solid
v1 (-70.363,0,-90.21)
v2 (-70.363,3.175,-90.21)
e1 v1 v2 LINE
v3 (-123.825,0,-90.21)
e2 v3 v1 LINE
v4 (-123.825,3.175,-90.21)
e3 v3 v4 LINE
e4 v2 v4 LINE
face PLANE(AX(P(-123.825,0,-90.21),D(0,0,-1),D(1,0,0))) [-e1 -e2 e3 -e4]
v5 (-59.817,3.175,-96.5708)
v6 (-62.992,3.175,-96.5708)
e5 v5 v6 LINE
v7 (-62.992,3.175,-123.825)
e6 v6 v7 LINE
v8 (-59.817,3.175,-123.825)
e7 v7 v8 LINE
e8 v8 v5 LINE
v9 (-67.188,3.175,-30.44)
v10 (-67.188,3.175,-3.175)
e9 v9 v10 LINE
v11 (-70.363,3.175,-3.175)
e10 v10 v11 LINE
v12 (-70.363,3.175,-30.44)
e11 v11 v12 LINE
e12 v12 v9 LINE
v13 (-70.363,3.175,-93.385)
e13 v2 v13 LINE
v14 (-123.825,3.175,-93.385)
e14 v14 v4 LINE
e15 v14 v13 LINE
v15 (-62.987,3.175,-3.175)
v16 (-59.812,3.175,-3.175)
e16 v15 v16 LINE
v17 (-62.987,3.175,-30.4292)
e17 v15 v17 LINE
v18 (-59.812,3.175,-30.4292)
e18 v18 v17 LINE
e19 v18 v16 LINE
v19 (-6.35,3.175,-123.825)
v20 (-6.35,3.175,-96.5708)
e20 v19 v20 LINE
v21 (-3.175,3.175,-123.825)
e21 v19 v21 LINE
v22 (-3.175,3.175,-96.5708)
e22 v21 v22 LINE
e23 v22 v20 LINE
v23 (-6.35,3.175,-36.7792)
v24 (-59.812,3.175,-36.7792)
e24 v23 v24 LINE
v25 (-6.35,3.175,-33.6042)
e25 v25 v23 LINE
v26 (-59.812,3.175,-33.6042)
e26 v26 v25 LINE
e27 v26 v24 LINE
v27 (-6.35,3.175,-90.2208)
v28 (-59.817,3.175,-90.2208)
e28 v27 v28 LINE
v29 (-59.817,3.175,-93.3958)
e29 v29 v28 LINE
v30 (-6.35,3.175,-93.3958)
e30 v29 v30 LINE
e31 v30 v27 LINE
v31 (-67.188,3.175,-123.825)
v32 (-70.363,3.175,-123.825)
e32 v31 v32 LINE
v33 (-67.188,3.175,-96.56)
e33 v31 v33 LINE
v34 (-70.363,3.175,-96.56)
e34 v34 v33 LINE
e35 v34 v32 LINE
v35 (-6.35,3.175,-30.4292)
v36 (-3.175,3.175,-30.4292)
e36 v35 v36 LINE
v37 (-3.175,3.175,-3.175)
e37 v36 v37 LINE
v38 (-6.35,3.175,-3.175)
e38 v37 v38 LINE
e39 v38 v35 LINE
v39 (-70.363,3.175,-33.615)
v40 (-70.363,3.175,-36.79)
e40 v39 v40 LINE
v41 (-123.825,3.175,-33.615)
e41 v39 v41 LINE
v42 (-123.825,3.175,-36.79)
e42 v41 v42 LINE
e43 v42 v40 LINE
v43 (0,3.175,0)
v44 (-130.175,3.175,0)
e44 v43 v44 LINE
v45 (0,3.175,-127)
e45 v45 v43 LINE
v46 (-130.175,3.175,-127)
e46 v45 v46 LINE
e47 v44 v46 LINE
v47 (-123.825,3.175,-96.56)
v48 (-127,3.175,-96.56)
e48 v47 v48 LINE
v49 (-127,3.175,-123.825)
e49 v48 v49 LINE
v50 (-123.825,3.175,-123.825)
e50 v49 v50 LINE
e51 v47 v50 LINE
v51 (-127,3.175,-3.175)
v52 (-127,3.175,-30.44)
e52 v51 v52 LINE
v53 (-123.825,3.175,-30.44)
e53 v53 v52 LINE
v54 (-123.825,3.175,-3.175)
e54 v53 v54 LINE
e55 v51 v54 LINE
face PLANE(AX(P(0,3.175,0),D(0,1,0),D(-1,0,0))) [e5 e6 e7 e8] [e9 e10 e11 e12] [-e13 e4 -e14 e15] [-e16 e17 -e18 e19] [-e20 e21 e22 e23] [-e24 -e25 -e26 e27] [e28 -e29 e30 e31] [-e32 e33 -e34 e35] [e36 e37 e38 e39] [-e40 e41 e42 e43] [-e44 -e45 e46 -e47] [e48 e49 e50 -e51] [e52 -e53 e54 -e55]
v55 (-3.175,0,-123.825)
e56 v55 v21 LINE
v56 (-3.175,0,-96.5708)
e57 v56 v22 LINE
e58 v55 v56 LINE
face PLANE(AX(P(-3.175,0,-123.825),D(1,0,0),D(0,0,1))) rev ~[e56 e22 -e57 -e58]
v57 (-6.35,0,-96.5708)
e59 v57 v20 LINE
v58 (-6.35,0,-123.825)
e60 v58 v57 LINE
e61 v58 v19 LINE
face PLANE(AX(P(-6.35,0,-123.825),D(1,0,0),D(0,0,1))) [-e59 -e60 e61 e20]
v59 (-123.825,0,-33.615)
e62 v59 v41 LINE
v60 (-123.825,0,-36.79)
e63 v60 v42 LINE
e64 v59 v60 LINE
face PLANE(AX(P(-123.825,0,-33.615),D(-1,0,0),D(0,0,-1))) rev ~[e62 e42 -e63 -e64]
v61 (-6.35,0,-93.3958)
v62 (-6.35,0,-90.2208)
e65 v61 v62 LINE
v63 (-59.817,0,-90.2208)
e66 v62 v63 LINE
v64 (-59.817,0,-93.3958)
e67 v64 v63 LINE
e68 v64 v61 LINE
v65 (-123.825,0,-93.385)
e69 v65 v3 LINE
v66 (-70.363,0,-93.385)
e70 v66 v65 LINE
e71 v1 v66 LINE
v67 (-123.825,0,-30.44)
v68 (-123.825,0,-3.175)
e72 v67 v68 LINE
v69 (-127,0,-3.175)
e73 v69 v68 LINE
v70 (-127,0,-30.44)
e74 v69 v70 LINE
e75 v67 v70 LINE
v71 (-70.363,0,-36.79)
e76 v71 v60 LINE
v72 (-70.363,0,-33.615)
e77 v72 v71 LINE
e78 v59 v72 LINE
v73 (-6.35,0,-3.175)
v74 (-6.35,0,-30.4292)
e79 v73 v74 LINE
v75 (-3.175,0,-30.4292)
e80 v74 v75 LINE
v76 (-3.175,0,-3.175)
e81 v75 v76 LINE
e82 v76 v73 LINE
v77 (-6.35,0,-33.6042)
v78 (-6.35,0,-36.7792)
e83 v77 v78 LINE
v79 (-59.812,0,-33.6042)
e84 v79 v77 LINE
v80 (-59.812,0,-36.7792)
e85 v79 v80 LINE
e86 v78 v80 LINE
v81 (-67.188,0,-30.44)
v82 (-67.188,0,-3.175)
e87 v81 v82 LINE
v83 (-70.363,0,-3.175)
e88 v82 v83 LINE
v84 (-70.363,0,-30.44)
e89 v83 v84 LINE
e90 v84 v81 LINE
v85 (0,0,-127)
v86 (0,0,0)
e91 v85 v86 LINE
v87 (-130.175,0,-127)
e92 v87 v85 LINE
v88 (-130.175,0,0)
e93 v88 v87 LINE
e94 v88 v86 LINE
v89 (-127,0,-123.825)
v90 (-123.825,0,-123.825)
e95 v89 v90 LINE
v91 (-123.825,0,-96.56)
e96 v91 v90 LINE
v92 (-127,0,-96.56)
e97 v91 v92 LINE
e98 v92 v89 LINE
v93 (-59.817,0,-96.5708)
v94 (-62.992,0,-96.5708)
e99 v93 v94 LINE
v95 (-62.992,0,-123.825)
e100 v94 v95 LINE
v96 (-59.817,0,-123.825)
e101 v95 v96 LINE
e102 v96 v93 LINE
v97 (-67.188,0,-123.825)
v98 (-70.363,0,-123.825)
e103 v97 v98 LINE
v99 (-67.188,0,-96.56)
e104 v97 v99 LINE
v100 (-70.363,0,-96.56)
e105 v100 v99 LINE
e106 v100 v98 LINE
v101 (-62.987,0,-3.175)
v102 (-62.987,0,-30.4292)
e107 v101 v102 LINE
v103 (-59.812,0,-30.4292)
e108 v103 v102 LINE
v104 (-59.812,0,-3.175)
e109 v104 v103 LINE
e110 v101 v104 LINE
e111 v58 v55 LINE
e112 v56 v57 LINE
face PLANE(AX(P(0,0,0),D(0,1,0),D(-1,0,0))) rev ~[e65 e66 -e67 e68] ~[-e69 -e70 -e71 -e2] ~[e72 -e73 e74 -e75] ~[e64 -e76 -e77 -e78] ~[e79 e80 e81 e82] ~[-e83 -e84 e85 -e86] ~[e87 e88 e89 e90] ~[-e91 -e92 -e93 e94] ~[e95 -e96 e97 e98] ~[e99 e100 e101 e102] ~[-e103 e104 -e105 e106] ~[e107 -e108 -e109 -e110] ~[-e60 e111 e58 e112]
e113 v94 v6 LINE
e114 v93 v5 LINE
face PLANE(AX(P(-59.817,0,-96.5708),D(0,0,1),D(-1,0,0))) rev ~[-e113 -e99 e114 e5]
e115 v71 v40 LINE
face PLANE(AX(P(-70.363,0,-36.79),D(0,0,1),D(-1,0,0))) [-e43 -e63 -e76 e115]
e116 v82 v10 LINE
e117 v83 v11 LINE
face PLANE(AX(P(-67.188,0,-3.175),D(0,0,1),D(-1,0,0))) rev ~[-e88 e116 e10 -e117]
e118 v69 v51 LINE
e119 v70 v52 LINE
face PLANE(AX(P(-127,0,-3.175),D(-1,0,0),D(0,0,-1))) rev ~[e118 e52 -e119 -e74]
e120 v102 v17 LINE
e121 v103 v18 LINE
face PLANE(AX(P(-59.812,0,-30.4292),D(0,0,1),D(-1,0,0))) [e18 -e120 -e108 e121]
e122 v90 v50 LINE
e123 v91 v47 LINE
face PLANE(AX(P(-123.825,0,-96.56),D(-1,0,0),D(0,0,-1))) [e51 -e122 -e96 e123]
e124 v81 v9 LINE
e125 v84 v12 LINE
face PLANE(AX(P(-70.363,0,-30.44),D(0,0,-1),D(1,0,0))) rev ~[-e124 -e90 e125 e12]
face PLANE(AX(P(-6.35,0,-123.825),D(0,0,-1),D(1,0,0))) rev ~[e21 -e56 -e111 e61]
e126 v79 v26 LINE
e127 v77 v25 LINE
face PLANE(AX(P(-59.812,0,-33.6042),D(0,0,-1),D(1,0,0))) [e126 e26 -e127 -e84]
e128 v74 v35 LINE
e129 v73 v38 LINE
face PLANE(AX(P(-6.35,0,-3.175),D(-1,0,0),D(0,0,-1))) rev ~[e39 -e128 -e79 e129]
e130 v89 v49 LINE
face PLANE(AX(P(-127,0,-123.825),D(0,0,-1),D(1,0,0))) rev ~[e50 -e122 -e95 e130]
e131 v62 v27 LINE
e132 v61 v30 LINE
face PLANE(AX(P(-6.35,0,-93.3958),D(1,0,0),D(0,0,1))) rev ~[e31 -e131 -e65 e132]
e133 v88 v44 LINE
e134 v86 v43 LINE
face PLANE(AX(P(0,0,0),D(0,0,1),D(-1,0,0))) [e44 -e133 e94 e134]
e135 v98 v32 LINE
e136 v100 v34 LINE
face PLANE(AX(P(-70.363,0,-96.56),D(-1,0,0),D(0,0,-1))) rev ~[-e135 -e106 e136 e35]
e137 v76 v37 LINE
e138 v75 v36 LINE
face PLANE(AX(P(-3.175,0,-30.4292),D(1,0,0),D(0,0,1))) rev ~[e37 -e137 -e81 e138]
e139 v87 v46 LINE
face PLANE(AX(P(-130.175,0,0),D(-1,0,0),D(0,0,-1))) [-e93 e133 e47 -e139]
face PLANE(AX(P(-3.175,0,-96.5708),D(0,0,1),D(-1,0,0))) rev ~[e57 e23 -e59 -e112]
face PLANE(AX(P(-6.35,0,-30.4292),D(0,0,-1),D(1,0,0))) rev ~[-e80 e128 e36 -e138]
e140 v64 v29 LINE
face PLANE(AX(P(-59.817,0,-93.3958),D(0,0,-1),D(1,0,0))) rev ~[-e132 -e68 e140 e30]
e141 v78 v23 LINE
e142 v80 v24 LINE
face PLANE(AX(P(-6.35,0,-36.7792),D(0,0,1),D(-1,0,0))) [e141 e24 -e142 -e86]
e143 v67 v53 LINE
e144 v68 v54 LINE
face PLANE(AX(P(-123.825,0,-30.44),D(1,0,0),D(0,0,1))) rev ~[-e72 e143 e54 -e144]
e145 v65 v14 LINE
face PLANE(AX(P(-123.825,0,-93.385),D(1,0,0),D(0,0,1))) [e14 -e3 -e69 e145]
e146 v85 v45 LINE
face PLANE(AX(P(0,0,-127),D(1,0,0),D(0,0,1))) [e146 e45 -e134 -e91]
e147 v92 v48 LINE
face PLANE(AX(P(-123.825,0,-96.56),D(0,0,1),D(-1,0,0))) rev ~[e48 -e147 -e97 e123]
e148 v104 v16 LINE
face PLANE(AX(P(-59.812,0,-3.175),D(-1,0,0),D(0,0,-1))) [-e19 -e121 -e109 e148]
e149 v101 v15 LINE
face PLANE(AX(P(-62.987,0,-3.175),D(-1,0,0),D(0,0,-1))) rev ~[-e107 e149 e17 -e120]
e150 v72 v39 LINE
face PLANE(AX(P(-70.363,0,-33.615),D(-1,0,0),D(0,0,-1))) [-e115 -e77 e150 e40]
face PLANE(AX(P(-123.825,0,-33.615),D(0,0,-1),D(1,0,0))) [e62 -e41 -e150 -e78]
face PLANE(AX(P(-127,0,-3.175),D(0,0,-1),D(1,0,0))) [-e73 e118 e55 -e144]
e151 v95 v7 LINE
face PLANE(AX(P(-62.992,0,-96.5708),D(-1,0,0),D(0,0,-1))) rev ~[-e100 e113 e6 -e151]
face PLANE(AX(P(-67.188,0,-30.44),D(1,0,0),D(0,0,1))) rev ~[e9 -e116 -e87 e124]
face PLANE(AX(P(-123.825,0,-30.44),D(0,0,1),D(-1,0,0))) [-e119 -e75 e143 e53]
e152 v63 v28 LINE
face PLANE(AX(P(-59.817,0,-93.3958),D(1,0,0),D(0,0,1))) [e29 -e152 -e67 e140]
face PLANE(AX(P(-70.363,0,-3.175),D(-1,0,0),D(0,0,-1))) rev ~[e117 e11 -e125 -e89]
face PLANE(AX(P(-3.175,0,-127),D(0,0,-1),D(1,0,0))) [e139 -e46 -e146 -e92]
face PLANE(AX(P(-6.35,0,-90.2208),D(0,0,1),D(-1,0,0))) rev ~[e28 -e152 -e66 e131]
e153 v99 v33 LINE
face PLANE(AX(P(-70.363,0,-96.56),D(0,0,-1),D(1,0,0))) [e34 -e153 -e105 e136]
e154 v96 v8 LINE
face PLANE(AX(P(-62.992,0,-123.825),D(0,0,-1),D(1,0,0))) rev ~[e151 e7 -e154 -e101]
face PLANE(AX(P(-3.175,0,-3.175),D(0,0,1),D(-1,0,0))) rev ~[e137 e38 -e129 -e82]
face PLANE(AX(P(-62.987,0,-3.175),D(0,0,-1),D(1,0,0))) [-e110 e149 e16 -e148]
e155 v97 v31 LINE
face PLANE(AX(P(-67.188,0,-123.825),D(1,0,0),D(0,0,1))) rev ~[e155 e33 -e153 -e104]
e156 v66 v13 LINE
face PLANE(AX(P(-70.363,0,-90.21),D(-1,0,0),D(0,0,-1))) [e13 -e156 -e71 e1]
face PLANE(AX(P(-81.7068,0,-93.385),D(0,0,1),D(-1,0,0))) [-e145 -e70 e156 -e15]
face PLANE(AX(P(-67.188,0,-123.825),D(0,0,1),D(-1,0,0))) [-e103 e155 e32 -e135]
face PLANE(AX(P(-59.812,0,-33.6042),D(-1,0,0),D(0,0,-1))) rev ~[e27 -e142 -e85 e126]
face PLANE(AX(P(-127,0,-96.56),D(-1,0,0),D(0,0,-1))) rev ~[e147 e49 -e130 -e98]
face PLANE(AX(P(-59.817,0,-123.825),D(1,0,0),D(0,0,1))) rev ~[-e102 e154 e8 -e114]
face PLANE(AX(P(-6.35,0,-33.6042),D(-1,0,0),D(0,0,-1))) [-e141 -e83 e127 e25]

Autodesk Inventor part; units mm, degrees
ref_plane "YZ Plane" through (0, 0, 0) normal (1, 0, 0) x (0, 1, 0)
ref_plane "XZ Plane" through (0, 0, 0) normal (0, 1, 0) x (-1, 0, 0)
ref_plane "XY Plane" through (0, 0, 0) normal (0, 0, 1) x (1, 0, 0)
sketch "Sketch1" plane through (0, 0, 0) normal (0, 1, 0) x (-1, 0, 0)
  line L0 (0, 0) -> (127, 0)
  line L1 (127, 0) -> (127, -127)
  line L2 (127, -127) -> (0, -127)
  line L3 (0, -127) -> (0, 0)
  line L4 (123.825, 0) -> (127, 0)
  line L5 (127, 0) -> (127, -33.615)
  line L6 (127, -33.615) -> (123.825, -33.615)
  line L7 (123.825, -33.615) -> (123.825, 0)
  line L8 (123.825, -33.615) -> (70.363, -33.615)
  line L9 (70.363, -33.615) -> (70.363, -36.79)
  line L10 (70.363, -36.79) -> (127, -36.79)
  line L11 (70.363, -36.79) -> (67.188, -36.79)
  line L12 (67.188, -36.79) -> (67.188, 0)
  line L13 (67.188, 0) -> (70.363, 0)
  line L14 (70.363, 0) -> (70.363, -36.79)
  line L15 (127, -90.21) -> (67.188, -90.21)
  line L16 (67.188, -90.21) -> (67.188, -93.385)
  line L17 (67.188, -93.385) -> (127, -93.385)
  line L18 (127, -93.385) -> (127, -90.21)
  line L19 (127, -93.385) -> (123.825, -93.385)
  line L20 (123.825, -93.385) -> (123.825, -127)
  line L21 (123.825, -127) -> (127, -127)
  line L22 (127, -127) -> (127, -93.385)
  line L23 (25.4, 0) -> (6.35, 0)
  line L24 (25.4, -127) -> (6.35, -127)
  line L25 (67.188, -90.21) -> (70.363, -90.21)
  line L26 (70.363, -90.21) -> (70.363, -127)
  line L27 (70.363, -127) -> (67.188, -127)
  line L28 (67.188, -127) -> (67.188, -90.21)
  line L29 (67.188, -3.175) -> (70.363, -3.175)
  line L30 (70.363, -3.175) -> (70.363, -33.615)
  line L31 (70.363, -33.615) -> (67.188, -33.615)
  line L32 (67.188, -33.615) -> (67.188, -3.175)
  line L33 (73.538, -33.615) -> (123.825, -33.615)
  line L34 (123.825, -33.615) -> (123.825, -36.79)
  line L35 (123.825, -36.79) -> (73.538, -36.79)
  line L36 (127, -3.175) -> (123.825, -3.175)
  line L37 (123.825, -3.175) -> (123.825, -30.44)
  line L38 (123.825, -30.44) -> (127, -30.44)
  line L39 (127, -30.44) -> (127, -3.175)
  line L40 (123.825, -90.21) -> (81.7068, -90.21)
  line L41 (81.7068, -93.385) -> (123.825, -93.385)
  line L42 (123.825, -93.385) -> (123.825, -90.21)
  line L43 (123.825, -96.56) -> (127, -96.56)
  line L44 (127, -96.56) -> (127, -123.825)
  line L45 (127, -123.825) -> (123.825, -123.825)
  line L46 (123.825, -123.825) -> (123.825, -96.56)
  line L47 (70.363, -96.56) -> (67.188, -96.56)
  line L48 (67.188, -96.56) -> (67.188, -123.825)
  line L49 (67.188, -123.825) -> (70.363, -123.825)
  line L50 (70.363, -123.825) -> (70.363, -96.56)
  line L51 (70.363, -30.44) -> (67.188, -30.44)
  line L52 (22.225, 0) -> (9.525, 0)
  line L53 (9.525, -127) -> (22.225, -127)
  line L54 (127, 0) -> (130.175, 0)
  line L55 (130.175, 0) -> (130.175, -127)
  line L56 (130.175, -127) -> (127, -127)
  line L57 (127, -127) -> (127, 0)
  line L58 (3.175, 0) -> (0, 0)
  line L59 (0, 0) -> (0, -127)
  line L60 (0, -127) -> (3.175, -127)
  line L61 (3.175, -127) -> (3.175, 0)
  line L62 (62.987, 0) -> (62.987, -33.6042)
  line L63 (62.987, -33.6042) -> (59.812, -33.6042)
  line L64 (59.812, -33.6042) -> (59.812, -4.3263)
  line L65 (59.812, -33.6042) -> (6.35, -33.6042)
  line L66 (6.35, -33.6042) -> (6.35, -36.7792)
  line L67 (6.35, -36.7792) -> (62.987, -36.7792)
  line L68 (6.35, -36.7792) -> (3.175, -36.7792)
  line L69 (3.175, -36.7792) -> (3.175, -2.1822)
  line L70 (6.35, 0) -> (6.35, -36.7792)
  line L71 (3.175, -3.175) -> (6.35, -3.175)
  line L72 (6.35, -3.175) -> (6.35, -33.6042)
  line L73 (6.35, -33.6042) -> (3.175, -33.6042)
  line L74 (3.175, -33.6042) -> (3.175, -3.175)
  line L75 (59.812, -33.6042) -> (59.812, -36.7792)
  line L76 (62.987, -3.175) -> (59.812, -3.175)
  line L77 (59.812, -3.175) -> (59.812, -30.4292)
  line L78 (59.812, -30.4292) -> (62.987, -30.4292)
  line L79 (62.987, -30.4292) -> (62.987, -3.175)
  line L80 (6.35, -30.4292) -> (3.175, -30.4292)
  line L81 (62.987, -36.7792) -> (62.987, 0)
  line L82 (59.812, -3.175) -> (59.812, 0)
  line L83 (62.992, -127) -> (59.817, -127)
  line L84 (59.817, -127) -> (59.817, -90.2208)
  line L85 (59.817, -90.2208) -> (62.992, -90.2208)
  line L86 (62.992, -90.2208) -> (62.992, -127)
  line L87 (62.992, -93.3958) -> (3.175, -93.3958)
  line L88 (3.175, -93.3958) -> (3.175, -90.2208)
  line L89 (3.175, -90.2208) -> (62.992, -90.2208)
  line L90 (62.992, -90.2208) -> (62.992, -93.3958)
  line L91 (6.35, -90.2208) -> (3.175, -90.2208)
  line L92 (3.175, -90.2208) -> (3.175, -127)
  line L93 (3.175, -127) -> (6.35, -127)
  line L94 (6.35, -127) -> (6.35, -90.2208)
  line L95 (6.35, -123.825) -> (3.175, -123.825)
  line L96 (3.175, -123.825) -> (3.175, -96.5708)
  line L97 (3.175, -96.5708) -> (6.35, -96.5708)
  line L98 (6.35, -96.5708) -> (6.35, -123.825)
  line L99 (62.992, -123.825) -> (59.817, -123.825)
  line L100 (59.817, -123.825) -> (59.817, -96.5708)
  line L101 (59.817, -96.5708) -> (62.992, -96.5708)
  line L102 (62.992, -96.5708) -> (62.992, -123.825)
  point P0 (97.094, -33.615)
  point P1 (123.825, -110.1925)
  point P2 (123.825, -16.8075)
  point P3 (125.4125, 0)
  point P4 (125.4125, -3.175)
  point P5 (125.4125, -33.615)
  point P6 (70.363, -35.2025)
  point P7 (68.7755, -36.79)
  point P8 (68.7755, -33.615)
  point P9 (68.7755, 0)
  point P10 (68.7755, -3.175)
  point P11 (68.7755, -127)
  point P12 (68.7755, -123.825)
  point P13 (70.363, -93.385)
  point P14 (70.363, -30.44)
  point P15 (127, -96.56)
  point P16 (127, -30.44)
  point P17 (123.825, -33.615)
  point P18 (67.188, -96.56)
  point P19 (127, -93.385)
  point P20 (33.081, -33.6042)
  point P21 (59.812, -18.9652)
  point P22 (61.3995, -3.175)
  point P23 (61.3995, -33.6042)
  point P24 (6.35, -35.1917)
  point P25 (4.7625, -36.7792)
  point P26 (4.7625, -33.6042)
  point P27 (4.7625, -3.175)
  point P28 (59.817, -93.3958)
  point P29 (6.35, -93.3958)
  point P30 (3.175, -3.175)
  dimension "d0" = 127
  dimension "d2" = 127
  dimension "d5" = 33.615
  dimension "d6" = 33.615
  dimension "d7" = 53.462
  dimension "d8" = 53.462
  dimension "d9" = 3.175
  dimension "d10" = 3.175
  dimension "d11" = 3.175
  dimension "d12" = 3.175
  dimension "d13" = 3.175
  dimension "d14" = 3.175
  dimension "d28" = 3.175
  dimension "d29" = 3.175
  dimension "d30" = 3.175
  dimension "d32" = 3.175
  dimension "d33" = 3.175
  dimension "d34" = 3.175
  dimension "d35" = 3.175
  dimension "d36" = 3.175
  dimension "d37" = 3.175
  dimension "d38" = 3.175
  dimension "d57" = 3.175
  dimension "d58" = 3.175
  dimension "d90" = 53.462
  dimension "d91" = 3.175
  dimension "d92" = 3.175
  dimension "d93" = 3.175
  dimension "d94" = 3.175
  dimension "d96" = 3.175
  dimension "d97" = 3.175
  dimension "d98" = 0
  dimension "d99" = 3.175
  dimension "d100" = 3.175
  dimension "d101" = 33.6042
  dimension "d102" = 33.6042
  dimension "d103" = 53.467
  dimension "d104" = 0
  dimension "d105" = 0
  dimension "d106" = 0
  dimension "d107" = 3.175
  dimension "d108" = 3.175
  dimension "d109" = 3.175
  dimension "d110" = 3.175
  dimension "d111" = 3.175
  dimension "d112" = 3.175
  dimension "d113" = 3.175
extrude "Extrusion1" add sketch "Sketch1" along normal blind 3.175 contours L0 L61 L2 L3 | L0 L70 L71 L61 | L0 L82 L77 L64 L65 L70 | L61 L95 L94 L2 | L94 L87 L84 L2 | L70 L73 L61 L80 | L61 L87 L94 L97 | L66 L68 L61 L73 | L61 L89 L94 L87 | L0 L62 L76 L82 | L64 L78 L62 L63 | L63 L81 L67 L75 | L67 L81 L62 L0 L12 L11 L10 L1 L15 L16 L28 L2 L86 L85 L89 L61 L68 | L84 L99 L86 L2 | L87 L86 L101 L84 | L84 L85 L86 L87 | L0 L14 L29 L12 | L0 L7 L8 L14 | L28 L49 L26 L2 | L0 L1 L36 L7 | L51 L14 L31 L12 | L26 L17 L20 L2 | L54 L55 L56 L1 | L31 L9 L11 L12 | L20 L45 L1 L2 | L28 L17 L26 L47 | L38 L1 L6 L7 | L16 L15 L26 L17 | L6 L1 L10 L34 | L20 L17 L1 L43 | L42 L15 L1 L17
equation "\"d3\" = d41"
equation "\"d41\" = 3.175"
properties part number "top"
